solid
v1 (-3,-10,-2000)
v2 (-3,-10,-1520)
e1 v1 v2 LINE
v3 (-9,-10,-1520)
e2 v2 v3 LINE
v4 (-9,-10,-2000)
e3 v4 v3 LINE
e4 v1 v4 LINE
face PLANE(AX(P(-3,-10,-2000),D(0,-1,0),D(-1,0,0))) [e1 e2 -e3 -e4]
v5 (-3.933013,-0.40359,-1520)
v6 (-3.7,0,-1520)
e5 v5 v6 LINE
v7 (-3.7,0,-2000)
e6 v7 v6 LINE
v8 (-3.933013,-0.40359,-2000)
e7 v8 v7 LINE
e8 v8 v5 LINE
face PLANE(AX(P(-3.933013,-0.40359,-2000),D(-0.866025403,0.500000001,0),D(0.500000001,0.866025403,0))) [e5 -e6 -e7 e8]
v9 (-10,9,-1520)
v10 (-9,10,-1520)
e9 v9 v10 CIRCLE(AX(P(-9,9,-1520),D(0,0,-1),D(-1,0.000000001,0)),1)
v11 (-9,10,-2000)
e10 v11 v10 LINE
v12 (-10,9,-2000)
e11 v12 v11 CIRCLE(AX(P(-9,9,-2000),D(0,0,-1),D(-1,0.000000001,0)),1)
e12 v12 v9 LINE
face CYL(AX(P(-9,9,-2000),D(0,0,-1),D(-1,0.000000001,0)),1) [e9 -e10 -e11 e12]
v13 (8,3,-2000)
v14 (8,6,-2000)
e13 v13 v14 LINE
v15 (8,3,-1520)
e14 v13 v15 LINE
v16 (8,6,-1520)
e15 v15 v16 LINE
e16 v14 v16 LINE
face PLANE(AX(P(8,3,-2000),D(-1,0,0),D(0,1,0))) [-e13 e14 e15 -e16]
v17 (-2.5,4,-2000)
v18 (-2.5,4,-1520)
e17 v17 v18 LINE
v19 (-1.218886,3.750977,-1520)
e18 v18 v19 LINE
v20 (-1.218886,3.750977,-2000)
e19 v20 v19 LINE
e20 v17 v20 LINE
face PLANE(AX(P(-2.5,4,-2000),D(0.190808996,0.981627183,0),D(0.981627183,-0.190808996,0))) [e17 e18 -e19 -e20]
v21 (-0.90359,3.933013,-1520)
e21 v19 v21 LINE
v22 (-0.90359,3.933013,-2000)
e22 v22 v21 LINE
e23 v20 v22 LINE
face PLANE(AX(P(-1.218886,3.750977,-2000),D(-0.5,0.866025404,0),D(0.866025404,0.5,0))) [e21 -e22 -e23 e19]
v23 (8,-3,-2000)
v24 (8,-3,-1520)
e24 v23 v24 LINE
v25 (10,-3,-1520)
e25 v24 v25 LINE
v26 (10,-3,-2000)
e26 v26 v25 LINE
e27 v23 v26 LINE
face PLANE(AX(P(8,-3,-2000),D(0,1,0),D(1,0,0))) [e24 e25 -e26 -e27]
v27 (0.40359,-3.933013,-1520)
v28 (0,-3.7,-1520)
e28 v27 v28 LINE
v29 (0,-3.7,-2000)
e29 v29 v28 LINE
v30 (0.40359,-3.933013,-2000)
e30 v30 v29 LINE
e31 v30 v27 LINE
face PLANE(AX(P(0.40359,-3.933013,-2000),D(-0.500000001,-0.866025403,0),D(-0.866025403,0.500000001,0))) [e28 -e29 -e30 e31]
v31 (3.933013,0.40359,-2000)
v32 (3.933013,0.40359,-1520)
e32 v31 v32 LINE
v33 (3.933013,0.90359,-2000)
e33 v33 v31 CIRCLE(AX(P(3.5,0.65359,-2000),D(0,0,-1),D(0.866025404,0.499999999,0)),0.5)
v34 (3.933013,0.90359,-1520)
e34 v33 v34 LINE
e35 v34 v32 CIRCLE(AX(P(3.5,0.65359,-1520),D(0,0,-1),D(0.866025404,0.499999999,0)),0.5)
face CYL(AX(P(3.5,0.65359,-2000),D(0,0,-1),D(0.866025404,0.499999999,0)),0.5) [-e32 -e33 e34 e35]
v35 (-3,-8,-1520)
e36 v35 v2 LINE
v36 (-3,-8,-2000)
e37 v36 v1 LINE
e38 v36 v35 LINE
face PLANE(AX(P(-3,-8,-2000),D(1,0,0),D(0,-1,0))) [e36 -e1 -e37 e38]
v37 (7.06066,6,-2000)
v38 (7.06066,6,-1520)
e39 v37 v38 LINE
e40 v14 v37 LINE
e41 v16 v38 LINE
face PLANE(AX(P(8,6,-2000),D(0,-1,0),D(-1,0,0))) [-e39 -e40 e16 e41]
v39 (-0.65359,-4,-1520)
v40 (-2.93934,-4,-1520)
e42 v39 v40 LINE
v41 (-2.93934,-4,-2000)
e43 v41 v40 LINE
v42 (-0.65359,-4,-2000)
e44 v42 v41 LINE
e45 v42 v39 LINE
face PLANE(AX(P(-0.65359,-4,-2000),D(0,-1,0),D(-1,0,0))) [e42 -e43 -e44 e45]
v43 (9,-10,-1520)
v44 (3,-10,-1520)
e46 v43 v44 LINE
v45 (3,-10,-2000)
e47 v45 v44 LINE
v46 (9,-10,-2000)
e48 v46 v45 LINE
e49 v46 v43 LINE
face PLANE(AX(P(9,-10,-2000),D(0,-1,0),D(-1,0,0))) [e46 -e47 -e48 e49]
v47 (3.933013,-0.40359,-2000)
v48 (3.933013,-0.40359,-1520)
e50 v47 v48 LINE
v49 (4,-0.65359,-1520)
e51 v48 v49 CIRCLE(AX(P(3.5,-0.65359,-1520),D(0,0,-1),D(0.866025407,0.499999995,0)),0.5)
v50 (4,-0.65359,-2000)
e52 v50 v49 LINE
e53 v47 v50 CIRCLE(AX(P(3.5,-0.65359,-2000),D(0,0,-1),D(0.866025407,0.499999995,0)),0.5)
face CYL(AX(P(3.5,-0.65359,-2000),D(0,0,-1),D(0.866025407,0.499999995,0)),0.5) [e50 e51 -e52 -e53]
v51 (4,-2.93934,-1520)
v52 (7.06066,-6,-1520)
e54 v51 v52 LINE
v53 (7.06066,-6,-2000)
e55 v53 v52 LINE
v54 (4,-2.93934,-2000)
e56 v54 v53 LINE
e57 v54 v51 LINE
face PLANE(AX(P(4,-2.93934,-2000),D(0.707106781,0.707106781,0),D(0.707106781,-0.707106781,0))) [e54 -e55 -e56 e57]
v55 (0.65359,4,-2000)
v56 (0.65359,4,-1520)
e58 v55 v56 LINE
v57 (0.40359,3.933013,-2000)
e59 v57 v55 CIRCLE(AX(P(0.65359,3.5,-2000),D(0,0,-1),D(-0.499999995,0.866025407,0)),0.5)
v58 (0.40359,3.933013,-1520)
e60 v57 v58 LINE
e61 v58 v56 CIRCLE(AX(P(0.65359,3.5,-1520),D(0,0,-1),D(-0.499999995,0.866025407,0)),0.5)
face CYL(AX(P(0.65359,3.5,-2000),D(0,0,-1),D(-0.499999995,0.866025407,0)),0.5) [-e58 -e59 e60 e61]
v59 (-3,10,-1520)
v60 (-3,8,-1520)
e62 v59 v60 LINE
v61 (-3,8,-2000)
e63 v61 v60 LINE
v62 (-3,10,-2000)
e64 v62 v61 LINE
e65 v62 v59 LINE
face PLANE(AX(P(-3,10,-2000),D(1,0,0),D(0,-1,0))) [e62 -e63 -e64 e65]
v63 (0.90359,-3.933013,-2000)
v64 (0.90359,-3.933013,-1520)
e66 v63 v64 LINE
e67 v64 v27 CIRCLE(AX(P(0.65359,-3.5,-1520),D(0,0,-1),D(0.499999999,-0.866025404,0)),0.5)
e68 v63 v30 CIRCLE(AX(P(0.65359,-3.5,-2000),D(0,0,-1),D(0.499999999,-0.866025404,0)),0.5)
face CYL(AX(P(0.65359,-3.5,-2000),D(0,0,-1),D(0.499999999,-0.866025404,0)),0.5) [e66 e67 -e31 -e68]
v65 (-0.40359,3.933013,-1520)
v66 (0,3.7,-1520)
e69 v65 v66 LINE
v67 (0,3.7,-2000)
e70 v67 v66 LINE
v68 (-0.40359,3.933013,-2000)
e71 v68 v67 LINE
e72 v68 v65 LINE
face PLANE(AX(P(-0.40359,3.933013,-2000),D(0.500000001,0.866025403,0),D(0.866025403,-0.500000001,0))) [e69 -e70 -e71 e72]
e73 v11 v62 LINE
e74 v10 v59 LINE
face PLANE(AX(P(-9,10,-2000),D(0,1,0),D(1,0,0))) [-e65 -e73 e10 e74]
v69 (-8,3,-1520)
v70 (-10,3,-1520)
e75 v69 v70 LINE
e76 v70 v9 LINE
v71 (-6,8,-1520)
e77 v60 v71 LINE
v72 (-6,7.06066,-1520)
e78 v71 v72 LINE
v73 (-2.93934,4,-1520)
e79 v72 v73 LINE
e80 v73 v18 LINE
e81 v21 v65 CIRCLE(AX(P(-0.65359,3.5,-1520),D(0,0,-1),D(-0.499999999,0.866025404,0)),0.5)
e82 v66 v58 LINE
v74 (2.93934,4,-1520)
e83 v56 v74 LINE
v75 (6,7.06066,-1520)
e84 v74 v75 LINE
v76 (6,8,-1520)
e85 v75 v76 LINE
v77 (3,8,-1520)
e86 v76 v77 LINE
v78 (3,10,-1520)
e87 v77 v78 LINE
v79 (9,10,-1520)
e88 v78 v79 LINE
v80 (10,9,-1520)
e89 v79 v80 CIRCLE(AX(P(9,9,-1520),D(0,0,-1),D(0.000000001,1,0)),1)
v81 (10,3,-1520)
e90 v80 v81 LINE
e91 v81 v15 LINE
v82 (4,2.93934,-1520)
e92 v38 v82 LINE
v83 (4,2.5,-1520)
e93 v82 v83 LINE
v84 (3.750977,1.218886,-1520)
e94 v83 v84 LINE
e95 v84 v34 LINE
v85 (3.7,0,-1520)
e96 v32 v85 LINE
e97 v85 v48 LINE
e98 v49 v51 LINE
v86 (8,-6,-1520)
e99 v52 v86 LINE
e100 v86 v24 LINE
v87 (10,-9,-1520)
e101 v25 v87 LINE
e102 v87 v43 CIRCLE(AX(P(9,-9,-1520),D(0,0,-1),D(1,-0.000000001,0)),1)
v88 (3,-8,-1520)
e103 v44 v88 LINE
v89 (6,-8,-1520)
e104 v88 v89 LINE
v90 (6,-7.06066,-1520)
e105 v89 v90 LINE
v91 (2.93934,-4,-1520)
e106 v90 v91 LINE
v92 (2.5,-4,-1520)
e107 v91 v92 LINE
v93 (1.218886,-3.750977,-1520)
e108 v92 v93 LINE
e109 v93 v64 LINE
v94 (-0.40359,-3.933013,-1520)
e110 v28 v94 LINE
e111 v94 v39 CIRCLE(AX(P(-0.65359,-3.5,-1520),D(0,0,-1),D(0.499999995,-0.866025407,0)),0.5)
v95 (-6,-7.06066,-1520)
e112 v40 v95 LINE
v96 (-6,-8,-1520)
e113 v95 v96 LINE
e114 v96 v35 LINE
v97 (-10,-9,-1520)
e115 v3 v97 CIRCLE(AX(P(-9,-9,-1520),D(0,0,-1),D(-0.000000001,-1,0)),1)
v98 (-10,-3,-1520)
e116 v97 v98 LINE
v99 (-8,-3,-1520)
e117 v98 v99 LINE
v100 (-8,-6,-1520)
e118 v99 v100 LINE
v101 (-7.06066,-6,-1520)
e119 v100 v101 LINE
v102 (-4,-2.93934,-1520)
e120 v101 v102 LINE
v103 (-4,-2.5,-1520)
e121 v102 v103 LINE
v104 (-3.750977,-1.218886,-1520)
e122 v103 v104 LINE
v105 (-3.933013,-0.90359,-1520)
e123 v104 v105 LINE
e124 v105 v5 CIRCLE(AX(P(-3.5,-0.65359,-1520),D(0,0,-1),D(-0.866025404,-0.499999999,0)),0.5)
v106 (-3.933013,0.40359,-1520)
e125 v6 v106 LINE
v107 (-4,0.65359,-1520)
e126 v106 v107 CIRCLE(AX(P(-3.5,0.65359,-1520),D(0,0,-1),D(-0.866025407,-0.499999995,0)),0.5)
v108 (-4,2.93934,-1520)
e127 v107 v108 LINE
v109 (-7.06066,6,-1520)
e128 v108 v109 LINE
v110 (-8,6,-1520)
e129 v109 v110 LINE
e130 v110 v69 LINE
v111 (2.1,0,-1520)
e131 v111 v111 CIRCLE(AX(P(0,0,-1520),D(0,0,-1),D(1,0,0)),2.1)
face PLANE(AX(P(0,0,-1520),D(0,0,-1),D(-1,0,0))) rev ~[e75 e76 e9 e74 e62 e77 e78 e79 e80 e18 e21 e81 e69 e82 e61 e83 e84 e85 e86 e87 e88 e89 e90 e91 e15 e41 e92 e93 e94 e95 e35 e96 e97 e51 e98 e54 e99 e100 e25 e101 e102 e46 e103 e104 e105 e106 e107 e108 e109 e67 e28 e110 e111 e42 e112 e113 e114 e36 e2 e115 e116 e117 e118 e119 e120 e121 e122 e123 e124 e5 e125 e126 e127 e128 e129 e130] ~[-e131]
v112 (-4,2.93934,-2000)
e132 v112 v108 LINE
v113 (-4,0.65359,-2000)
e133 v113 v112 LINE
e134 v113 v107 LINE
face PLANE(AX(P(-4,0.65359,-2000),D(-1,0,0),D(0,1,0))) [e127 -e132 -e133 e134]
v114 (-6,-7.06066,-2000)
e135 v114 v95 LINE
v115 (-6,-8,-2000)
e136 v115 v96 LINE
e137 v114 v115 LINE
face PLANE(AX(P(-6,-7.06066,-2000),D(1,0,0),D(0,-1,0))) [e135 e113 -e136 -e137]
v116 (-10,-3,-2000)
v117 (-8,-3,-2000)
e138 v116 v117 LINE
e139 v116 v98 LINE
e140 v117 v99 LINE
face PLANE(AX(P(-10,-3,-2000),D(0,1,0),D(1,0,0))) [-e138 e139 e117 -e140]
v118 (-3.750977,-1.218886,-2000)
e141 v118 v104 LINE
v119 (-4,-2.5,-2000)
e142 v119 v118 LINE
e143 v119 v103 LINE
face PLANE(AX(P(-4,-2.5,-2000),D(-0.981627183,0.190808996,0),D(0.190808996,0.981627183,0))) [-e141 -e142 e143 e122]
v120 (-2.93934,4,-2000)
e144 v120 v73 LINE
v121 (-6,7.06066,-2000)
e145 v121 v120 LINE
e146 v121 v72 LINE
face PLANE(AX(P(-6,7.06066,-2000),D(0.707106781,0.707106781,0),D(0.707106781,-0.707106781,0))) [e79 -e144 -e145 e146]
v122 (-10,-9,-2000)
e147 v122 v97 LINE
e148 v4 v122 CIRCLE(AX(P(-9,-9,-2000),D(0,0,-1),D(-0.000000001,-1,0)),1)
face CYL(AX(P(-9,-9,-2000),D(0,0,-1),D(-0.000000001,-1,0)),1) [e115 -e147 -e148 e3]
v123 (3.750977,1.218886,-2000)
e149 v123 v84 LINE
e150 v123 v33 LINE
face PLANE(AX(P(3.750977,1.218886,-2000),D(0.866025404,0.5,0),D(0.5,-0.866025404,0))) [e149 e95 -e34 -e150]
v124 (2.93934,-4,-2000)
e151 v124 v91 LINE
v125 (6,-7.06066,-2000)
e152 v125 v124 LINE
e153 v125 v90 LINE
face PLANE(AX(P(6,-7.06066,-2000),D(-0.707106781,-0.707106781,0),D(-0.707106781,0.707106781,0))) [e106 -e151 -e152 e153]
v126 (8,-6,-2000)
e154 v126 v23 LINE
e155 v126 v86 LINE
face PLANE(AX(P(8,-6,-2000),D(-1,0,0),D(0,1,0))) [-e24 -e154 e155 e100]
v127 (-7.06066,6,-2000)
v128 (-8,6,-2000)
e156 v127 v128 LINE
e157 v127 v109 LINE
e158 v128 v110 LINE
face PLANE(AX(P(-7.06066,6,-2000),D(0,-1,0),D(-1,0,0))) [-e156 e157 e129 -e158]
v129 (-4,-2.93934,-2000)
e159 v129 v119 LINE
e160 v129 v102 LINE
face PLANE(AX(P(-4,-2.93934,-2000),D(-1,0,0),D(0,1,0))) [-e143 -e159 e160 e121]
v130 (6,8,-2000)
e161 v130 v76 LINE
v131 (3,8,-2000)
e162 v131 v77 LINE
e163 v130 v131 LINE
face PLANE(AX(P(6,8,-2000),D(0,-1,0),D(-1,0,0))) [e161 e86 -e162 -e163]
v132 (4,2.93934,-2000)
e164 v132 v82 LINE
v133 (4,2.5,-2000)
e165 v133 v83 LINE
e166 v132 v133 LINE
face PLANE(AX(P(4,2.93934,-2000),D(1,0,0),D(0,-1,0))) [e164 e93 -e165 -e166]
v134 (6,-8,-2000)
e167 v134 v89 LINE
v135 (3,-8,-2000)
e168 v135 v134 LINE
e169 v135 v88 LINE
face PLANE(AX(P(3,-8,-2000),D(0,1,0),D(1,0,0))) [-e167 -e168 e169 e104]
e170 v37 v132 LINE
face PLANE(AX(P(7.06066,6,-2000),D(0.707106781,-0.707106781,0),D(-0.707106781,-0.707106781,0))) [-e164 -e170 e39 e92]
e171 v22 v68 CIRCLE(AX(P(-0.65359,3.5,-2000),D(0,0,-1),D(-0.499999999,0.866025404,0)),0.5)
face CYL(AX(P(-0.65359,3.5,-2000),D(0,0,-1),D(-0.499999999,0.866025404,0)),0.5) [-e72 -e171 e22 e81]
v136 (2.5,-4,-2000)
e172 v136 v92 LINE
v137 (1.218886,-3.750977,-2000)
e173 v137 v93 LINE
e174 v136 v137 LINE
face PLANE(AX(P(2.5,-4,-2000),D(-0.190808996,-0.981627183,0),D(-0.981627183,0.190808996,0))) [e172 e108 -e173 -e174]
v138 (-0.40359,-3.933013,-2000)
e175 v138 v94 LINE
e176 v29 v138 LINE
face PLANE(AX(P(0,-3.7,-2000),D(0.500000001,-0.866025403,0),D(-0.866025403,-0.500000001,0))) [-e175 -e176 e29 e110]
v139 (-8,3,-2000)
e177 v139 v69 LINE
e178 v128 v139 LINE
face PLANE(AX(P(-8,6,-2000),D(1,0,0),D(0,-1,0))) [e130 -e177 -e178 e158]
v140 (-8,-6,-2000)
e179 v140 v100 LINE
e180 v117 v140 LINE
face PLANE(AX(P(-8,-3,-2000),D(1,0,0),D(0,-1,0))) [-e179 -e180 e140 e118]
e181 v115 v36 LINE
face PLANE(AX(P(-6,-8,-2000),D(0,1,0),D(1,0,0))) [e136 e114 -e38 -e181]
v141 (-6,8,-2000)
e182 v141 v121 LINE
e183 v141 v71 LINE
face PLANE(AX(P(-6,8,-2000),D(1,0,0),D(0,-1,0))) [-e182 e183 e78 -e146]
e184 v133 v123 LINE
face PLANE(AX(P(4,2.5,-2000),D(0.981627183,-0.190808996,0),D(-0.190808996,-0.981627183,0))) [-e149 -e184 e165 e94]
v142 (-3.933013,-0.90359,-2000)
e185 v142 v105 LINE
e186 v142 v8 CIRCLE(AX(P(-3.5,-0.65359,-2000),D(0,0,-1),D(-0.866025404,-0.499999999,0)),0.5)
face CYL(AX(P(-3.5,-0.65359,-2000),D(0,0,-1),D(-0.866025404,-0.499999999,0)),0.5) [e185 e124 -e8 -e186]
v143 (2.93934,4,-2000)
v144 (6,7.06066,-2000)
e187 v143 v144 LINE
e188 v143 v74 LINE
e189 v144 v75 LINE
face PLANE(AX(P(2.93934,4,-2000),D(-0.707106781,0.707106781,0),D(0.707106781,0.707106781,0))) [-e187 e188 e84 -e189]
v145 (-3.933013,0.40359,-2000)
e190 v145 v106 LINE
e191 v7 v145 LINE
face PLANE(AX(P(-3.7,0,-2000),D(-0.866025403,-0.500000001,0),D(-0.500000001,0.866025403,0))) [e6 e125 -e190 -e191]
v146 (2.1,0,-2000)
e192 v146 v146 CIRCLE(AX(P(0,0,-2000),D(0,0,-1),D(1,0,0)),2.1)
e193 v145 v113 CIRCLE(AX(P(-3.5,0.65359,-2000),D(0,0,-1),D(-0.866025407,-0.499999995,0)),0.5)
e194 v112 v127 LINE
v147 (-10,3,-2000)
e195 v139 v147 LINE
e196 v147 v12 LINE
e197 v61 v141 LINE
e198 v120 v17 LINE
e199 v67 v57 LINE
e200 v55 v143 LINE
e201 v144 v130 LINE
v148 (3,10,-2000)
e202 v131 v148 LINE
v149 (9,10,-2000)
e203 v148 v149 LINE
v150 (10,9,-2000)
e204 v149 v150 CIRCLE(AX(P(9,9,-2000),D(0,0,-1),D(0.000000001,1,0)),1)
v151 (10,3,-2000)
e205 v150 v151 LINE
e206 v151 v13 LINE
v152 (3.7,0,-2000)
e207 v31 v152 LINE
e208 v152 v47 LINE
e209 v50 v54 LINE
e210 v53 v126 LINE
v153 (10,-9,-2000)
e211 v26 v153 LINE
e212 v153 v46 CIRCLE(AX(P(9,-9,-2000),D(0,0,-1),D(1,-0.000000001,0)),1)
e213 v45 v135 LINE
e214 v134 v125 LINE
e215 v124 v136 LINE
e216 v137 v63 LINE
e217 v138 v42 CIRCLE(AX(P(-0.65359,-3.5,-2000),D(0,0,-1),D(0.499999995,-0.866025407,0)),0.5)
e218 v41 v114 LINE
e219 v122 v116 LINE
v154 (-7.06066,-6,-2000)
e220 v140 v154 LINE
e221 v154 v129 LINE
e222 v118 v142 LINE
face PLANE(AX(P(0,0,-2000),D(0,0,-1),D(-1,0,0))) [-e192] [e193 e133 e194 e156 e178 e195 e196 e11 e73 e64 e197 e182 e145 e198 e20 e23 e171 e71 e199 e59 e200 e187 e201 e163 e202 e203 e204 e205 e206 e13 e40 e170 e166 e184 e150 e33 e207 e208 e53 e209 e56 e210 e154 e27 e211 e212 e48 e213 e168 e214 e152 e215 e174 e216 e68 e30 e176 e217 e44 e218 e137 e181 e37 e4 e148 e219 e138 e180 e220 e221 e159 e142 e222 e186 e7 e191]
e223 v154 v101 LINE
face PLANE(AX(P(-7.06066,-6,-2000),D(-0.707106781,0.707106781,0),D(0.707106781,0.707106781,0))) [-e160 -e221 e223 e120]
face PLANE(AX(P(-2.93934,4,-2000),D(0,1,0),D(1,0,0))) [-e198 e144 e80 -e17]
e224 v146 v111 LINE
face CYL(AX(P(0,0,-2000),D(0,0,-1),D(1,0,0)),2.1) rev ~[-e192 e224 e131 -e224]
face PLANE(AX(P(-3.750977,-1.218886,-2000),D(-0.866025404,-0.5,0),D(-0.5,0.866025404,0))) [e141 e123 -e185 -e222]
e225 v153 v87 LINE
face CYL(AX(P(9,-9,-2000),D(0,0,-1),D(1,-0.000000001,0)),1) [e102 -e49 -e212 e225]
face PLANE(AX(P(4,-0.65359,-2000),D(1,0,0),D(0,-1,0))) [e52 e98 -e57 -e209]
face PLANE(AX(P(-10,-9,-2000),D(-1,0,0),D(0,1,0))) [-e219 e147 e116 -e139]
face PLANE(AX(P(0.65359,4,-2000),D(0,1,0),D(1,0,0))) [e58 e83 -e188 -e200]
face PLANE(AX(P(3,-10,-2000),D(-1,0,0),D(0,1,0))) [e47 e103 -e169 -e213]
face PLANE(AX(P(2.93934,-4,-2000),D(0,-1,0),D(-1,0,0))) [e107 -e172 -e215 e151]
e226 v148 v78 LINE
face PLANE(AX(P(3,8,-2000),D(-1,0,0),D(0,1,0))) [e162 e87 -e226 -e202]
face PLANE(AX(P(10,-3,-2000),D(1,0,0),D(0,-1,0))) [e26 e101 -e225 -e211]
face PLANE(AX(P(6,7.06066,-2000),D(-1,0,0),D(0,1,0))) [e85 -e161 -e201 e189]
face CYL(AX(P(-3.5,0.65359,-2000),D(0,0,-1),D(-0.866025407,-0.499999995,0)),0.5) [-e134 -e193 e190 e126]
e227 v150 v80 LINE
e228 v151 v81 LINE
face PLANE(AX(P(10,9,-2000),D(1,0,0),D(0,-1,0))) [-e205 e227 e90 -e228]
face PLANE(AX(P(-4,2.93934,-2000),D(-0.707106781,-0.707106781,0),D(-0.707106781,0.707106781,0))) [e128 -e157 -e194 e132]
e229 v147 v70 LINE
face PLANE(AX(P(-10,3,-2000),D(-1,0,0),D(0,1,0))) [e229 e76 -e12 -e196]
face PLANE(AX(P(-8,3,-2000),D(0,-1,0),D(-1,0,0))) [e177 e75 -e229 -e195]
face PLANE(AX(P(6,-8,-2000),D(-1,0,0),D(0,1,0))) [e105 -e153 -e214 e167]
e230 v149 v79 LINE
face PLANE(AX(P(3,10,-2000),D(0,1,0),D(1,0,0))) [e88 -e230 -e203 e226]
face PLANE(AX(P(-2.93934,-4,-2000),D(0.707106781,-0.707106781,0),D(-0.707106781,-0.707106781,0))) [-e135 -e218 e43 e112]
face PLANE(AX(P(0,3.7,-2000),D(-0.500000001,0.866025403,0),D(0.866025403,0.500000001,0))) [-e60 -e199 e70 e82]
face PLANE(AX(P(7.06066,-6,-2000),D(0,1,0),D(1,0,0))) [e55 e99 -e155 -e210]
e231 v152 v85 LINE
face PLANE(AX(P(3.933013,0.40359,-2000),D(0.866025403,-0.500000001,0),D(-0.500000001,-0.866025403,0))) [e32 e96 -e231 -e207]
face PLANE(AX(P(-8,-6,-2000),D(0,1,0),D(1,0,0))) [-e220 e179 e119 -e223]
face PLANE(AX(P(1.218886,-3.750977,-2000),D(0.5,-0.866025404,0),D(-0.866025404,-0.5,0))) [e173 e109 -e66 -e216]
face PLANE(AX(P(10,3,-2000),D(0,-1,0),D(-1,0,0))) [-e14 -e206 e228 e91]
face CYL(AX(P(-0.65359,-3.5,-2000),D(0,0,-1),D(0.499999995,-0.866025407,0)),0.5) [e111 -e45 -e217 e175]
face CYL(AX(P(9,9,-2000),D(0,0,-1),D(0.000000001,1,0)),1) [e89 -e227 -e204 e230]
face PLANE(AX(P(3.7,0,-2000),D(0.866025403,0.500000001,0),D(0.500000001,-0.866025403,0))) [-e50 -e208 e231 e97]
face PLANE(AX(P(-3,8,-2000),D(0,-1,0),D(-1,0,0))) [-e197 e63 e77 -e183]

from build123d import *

# Parameters (mm, degrees)
SKETCH1_R           = 2.1
BOSS_EXTRUDE1_DEPTH = 480


with BuildPart() as part:
    # Sketch1 → Boss-Extrude1 (new body)
    with BuildSketch(Plane(origin=(0, 0, -2000), x_dir=(-1, 0, 0), z_dir=(0, 0, -1))):
        with BuildLine():
            Line((10, -3), (8, -3))
            Line((8, -3), (8, -6))
            Line((8, -6), (7.060660172, -6))
            Line((7.060660172, -6), (4, -2.939339828))
            Line((4, -2.939339828), (4, -2.5))
            Line((4, -2.5), (3.750976592, -1.218885629))
            Line((3.750976592, -1.218885629), (3.933012702, -0.903589838))
            ThreePointArc((3.933012702, -0.903589838), (4, -0.653589838), (3.933012702, -0.403589838))
            Line((3.933012702, -0.403589838), (3.7, 0))
            Line((3.7, 0), (3.933012702, 0.403589838))
            ThreePointArc((3.933012702, 0.403589838), (3.982962913, 0.524180316), (4, 0.653589838))
            Line((4, 0.653589838), (4, 2.939339828))
            Line((4, 2.939339828), (7.060660172, 6))
            Line((7.060660172, 6), (8, 6))
            Line((8, 6), (8, 3))
            Line((8, 3), (10, 3))
            Line((10, 3), (10, 9))
            ThreePointArc((10, 9), (9.707106781, 9.707106781), (9, 10))
            Line((9, 10), (3, 10))
            Line((3, 10), (3, 8))
            Line((3, 8), (6, 8))
            Line((6, 8), (6, 7.060660172))
            Line((6, 7.060660172), (2.939339828, 4))
            Line((2.939339828, 4), (2.5, 4))
            Line((2.5, 4), (1.218885629, 3.750976592))
            Line((1.218885629, 3.750976592), (0.903589838, 3.933012702))
            ThreePointArc((0.903589838, 3.933012702), (0.653589838, 4), (0.403589838, 3.933012702))
            Line((0.403589838, 3.933012702), (0, 3.7))
            Line((0, 3.7), (-0.403589838, 3.933012702))
            ThreePointArc((-0.403589838, 3.933012702), (-0.524180316, 3.982962913), (-0.653589838, 4))
            Line((-0.653589838, 4), (-2.939339828, 4))
            Line((-2.939339828, 4), (-6, 7.060660172))
            Line((-6, 7.060660172), (-6, 8))
            Line((-6, 8), (-3, 8))
            Line((-3, 8), (-3, 10))
            Line((-3, 10), (-9, 10))
            ThreePointArc((-9, 10), (-9.707106781, 9.707106781), (-10, 9))
            Line((-10, 9), (-10, 3))
            Line((-10, 3), (-8, 3))
            Line((-8, 3), (-8, 6))
            Line((-8, 6), (-7.060660172, 6))
            Line((-7.060660172, 6), (-4, 2.939339828))
            Line((-4, 2.939339828), (-4, 2.5))
            Line((-4, 2.5), (-3.750976592, 1.218885629))
            Line((-3.750976592, 1.218885629), (-3.933012702, 0.903589838))
            ThreePointArc((-3.933012702, 0.903589838), (-4, 0.653589838), (-3.933012702, 0.403589838))
            Line((-3.933012702, 0.403589838), (-3.7, 0))
            Line((-3.7, 0), (-3.933012702, -0.403589838))
            ThreePointArc((-3.933012702, -0.403589838), (-3.982962913, -0.524180316), (-4, -0.653589838))
            Line((-4, -0.653589838), (-4, -2.939339828))
            Line((-4, -2.939339828), (-7.060660172, -6))
            Line((-7.060660172, -6), (-8, -6))
            Line((-8, -6), (-8, -3))
            Line((-8, -3), (-10, -3))
            Line((-10, -3), (-10, -9))
            ThreePointArc((-10, -9), (-9.707106781, -9.707106781), (-9, -10))
            Line((-9, -10), (-3, -10))
            Line((-3, -10), (-3, -8))
            Line((-3, -8), (-6, -8))
            Line((-6, -8), (-6, -7.060660172))
            Line((-6, -7.060660172), (-2.939339828, -4))
            Line((-2.939339828, -4), (-2.5, -4))
            Line((-2.5, -4), (-1.218885629, -3.750976592))
            Line((-1.218885629, -3.750976592), (-0.903589838, -3.933012702))
            ThreePointArc((-0.903589838, -3.933012702), (-0.653589838, -4), (-0.403589838, -3.933012702))
            Line((-0.403589838, -3.933012702), (0, -3.7))
            Line((0, -3.7), (0.403589838, -3.933012702))
            ThreePointArc((0.403589838, -3.933012702), (0.524180316, -3.982962913), (0.653589838, -4))
            Line((0.653589838, -4), (2.939339828, -4))
            Line((2.939339828, -4), (6, -7.060660172))
            Line((6, -7.060660172), (6, -8))
            Line((6, -8), (3, -8))
            Line((3, -8), (3, -10))
            Line((3, -10), (9, -10))
            ThreePointArc((9, -10), (9.707106781, -9.707106781), (10, -9))
            Line((10, -9), (10, -3))
        make_face()
        with Locations(Location((0, 0, 0), (0, 0, 180))):
            Circle(SKETCH1_R, mode=Mode.SUBTRACT)
    extrude(amount=-BOSS_EXTRUDE1_DEPTH)


solid = part.part
